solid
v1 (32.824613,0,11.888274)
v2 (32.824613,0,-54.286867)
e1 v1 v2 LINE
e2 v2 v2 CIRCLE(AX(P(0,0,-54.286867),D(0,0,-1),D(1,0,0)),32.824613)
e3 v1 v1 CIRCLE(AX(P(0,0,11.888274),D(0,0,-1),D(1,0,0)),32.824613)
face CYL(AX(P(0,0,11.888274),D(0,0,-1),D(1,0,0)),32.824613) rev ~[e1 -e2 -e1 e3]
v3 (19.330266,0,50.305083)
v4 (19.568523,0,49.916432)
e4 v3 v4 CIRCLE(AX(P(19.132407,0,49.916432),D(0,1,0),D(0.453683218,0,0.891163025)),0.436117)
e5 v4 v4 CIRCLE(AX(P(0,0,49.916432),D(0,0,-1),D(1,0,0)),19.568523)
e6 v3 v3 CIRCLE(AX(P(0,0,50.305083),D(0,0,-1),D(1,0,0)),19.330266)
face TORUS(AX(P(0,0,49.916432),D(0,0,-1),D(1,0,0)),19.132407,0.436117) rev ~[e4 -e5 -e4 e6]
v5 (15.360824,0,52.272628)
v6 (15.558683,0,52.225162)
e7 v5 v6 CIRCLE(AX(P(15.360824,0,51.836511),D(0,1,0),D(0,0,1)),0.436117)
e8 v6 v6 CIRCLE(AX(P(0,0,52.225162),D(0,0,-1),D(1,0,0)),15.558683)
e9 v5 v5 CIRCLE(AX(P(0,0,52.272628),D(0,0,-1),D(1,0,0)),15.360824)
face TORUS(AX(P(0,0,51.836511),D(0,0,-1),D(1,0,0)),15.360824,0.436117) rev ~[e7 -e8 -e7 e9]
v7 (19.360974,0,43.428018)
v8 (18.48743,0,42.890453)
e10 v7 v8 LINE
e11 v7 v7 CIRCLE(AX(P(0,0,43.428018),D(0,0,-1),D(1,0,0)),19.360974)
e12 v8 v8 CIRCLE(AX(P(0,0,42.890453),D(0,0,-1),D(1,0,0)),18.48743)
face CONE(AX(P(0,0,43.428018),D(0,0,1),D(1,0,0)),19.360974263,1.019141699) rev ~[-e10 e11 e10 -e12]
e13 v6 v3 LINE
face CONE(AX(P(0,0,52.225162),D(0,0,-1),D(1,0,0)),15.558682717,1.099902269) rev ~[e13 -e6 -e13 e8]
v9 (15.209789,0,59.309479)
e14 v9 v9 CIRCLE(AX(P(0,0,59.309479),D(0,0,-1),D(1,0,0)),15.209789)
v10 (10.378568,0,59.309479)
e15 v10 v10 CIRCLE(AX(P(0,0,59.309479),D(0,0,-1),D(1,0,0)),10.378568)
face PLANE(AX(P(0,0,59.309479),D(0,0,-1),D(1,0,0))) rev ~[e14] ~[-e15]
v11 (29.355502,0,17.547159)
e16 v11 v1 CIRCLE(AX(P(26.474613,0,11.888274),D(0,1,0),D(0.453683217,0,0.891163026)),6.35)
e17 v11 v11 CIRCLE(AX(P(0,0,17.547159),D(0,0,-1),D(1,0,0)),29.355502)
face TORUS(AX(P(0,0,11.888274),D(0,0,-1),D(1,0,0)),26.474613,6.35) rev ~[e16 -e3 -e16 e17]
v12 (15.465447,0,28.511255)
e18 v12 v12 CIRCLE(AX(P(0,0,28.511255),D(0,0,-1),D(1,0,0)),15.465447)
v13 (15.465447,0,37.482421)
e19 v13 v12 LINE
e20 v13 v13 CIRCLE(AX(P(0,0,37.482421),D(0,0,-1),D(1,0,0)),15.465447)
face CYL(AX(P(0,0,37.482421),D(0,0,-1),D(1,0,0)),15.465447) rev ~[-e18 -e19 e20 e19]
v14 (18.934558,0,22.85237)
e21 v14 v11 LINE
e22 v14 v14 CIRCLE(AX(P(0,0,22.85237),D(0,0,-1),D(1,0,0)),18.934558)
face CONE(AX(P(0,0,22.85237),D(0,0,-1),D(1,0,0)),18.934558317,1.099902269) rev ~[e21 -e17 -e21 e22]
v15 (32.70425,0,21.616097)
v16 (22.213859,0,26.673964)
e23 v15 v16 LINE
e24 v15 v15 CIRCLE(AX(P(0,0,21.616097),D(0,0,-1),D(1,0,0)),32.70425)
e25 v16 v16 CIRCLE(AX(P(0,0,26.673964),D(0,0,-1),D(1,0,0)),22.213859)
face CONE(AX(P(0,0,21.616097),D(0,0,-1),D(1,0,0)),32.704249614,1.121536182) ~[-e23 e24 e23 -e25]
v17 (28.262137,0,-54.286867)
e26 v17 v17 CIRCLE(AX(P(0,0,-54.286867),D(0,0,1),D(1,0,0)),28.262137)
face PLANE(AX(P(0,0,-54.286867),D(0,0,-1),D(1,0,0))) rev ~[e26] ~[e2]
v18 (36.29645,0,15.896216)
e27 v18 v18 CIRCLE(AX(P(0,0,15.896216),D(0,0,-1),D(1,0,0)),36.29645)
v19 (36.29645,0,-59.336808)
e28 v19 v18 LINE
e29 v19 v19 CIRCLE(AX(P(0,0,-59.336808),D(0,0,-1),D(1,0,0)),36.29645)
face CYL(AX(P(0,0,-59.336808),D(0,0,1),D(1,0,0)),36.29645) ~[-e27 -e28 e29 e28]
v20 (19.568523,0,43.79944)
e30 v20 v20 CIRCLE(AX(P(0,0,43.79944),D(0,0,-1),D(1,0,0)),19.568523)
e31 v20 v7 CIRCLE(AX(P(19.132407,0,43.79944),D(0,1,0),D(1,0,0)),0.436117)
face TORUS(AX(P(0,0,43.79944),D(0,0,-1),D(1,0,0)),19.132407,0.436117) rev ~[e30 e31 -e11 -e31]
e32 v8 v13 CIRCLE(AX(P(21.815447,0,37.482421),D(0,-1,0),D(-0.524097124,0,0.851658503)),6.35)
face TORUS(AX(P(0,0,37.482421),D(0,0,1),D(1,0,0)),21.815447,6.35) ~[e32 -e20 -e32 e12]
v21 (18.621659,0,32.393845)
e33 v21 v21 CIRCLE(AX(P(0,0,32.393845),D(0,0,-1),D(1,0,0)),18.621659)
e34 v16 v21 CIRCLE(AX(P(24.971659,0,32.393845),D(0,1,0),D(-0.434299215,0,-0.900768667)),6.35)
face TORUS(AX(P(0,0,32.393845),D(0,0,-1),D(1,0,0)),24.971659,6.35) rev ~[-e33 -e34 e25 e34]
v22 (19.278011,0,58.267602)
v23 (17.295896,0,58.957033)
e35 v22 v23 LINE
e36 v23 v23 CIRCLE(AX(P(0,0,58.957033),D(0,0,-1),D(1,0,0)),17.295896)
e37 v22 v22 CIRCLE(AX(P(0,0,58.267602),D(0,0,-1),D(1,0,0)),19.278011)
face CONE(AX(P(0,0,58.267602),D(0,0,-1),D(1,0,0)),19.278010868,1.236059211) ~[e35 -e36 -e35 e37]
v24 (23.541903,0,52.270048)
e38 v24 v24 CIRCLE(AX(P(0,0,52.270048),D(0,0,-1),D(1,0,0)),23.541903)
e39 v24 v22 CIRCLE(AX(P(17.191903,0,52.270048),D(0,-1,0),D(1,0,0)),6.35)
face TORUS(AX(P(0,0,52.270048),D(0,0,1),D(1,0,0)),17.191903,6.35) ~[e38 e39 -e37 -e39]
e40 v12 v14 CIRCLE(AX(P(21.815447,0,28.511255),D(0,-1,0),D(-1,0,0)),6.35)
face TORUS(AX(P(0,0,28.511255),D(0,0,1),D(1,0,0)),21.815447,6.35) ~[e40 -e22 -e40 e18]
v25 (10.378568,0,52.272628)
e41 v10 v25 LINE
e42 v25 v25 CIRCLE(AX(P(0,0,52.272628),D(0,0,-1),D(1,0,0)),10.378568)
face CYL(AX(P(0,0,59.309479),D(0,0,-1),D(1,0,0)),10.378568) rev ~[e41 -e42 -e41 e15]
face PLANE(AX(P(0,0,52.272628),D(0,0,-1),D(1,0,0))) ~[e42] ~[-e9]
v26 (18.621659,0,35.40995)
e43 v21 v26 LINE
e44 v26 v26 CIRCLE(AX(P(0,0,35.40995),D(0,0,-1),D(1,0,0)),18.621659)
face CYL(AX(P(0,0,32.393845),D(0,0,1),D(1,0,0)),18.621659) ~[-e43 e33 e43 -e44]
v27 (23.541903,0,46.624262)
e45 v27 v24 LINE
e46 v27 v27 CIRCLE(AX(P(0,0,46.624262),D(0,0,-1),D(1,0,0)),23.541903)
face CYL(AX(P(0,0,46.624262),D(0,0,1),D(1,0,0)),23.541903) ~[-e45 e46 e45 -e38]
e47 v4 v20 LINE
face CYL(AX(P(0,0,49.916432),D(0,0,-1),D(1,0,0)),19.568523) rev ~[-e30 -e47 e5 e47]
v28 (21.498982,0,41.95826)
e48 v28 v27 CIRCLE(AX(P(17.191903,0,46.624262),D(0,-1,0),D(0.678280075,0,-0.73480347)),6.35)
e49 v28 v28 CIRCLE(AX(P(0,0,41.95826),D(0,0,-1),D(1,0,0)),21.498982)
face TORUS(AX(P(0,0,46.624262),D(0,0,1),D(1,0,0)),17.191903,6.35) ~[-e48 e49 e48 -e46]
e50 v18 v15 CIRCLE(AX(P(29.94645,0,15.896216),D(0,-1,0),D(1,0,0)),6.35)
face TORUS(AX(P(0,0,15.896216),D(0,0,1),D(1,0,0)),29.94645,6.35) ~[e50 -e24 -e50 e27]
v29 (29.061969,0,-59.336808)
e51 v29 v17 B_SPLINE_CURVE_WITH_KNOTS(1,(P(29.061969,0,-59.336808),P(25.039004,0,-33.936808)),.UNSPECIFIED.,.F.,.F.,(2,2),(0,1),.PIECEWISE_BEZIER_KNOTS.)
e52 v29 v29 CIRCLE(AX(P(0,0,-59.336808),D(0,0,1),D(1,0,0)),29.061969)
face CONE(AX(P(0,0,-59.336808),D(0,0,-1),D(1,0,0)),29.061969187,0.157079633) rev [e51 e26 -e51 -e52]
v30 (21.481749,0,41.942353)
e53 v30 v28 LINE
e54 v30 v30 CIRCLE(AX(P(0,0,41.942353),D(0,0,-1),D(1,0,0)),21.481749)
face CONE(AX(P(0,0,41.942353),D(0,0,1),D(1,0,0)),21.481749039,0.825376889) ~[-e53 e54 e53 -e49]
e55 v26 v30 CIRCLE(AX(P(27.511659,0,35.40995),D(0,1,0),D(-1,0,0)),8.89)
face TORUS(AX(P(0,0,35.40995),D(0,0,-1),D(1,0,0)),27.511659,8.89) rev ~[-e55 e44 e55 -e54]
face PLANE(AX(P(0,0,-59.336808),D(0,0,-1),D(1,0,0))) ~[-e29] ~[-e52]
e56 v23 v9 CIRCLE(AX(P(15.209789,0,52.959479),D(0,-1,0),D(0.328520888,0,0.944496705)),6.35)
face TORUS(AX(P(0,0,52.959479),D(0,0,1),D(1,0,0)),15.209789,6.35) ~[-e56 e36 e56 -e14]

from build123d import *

# Parameters (mm, degrees)
F2_R     = 29.0619691873
F3_DEPTH = 25.4
F3_TAPER = 9


with BuildPart() as f1:
    # F0 (on Front) → F1 (revolve)
    with BuildSketch(Plane.XZ):
        with BuildLine():
            Line((0, -54.2868673801), (0, -59.3368075788))
            Line((0, -59.3368075788), (36.2964496017, -59.3368075788))
            Line((36.2964496017, -59.3368075788), (36.2964496017, 15.8962156939))
            ThreePointArc((36.2964496017, 15.8962156939), (35.3239271738, 19.2733794389), (32.704249614, 21.6160967321))
            Line((32.704249614, 21.6160967321), (22.213858894, 26.673964101))
            ThreePointArc((22.213858894, 26.673964101), (19.5941813342, 29.0166813942), (18.6216589063, 32.3938451392))
            Line((18.6216589063, 32.3938451392), (18.6216589063, 35.4099501087))
            ThreePointArc((18.6216589063, 35.4099501087), (19.3680111144, 38.9754936355), (21.4817490394, 41.9423529589))
            Line((21.4817490394, 41.9423529589), (21.4989817051, 41.9582600337))
            ThreePointArc((21.4989817051, 41.9582600337), (23.0087945086, 44.0774452647), (23.5419032287, 46.6242620695))
            Line((23.5419032287, 46.6242620695), (23.5419032287, 52.2700477087))
            ThreePointArc((23.5419032287, 52.2700477087), (22.3672913065, 55.9494305706), (19.2780108683, 58.2676017865))
            Line((19.2780108683, 58.2676017865), (17.2958964737, 58.9570334994))
            ThreePointArc((17.2958964737, 58.9570334994), (16.2676242669, 59.2207479989), (15.2097888341, 59.3094794216))
            Line((15.2097888341, 59.3094794216), (10.3785684332, 59.3094794216))
            Line((10.3785684332, 59.3094794216), (10.3785684332, 52.2726279854))
            Line((10.3785684332, 52.2726279854), (15.3608239493, 52.2726279854))
            ThreePointArc((15.3608239493, 52.2726279854), (15.4625602212, 52.2605955976), (15.5586827175, 52.2251623776))
            Line((15.5586827175, 52.2251623776), (19.3302655912, 50.3050828819))
            ThreePointArc((19.3302655912, 50.3050828819), (19.5042180311, 50.1443663132), (19.5685233921, 49.9164319207))
            Line((19.5685233921, 49.9164319207), (19.5685233921, 43.7994402113))
            ThreePointArc((19.5685233921, 43.7994402113), (19.5131164954, 43.5867013875), (19.3609742625, 43.4280178272))
            Line((19.3609742625, 43.4280178272), (18.4874300125, 42.890452562))
            ThreePointArc((18.4874300125, 42.890452562), (16.2721892999, 40.5799679818), (15.4654467478, 37.4824210708))
            Line((15.4654467478, 37.4824210708), (15.4654467478, 28.5112547745))
            ThreePointArc((15.4654467478, 28.5112547745), (16.4017538523, 25.1924554083), (18.9345583173, 22.8523695618))
            Line((18.9345583173, 22.8523695618), (29.3555015844, 17.5471594781))
            ThreePointArc((29.3555015844, 17.5471594781), (31.8883060494, 15.2070736315), (32.8246131539, 11.8882742653))
            Line((32.8246131539, 11.8882742653), (32.8246131539, -54.2868673801))
            Line((32.8246131539, -54.2868673801), (0, -54.2868673801))
        make_face()
    revolve(axis=Axis((0, 0, -3.5320897967), (0, 0, -1)))

    # F2 (on face) → F3 (cut)
    with BuildSketch(Plane(origin=(0, 0, -59.3368075788), x_dir=(1, 0, 0), z_dir=(0, 0, -1))):
        Circle(F2_R)
    extrude(amount=-F3_DEPTH, taper=F3_TAPER, mode=Mode.SUBTRACT)


solid = f1.part
